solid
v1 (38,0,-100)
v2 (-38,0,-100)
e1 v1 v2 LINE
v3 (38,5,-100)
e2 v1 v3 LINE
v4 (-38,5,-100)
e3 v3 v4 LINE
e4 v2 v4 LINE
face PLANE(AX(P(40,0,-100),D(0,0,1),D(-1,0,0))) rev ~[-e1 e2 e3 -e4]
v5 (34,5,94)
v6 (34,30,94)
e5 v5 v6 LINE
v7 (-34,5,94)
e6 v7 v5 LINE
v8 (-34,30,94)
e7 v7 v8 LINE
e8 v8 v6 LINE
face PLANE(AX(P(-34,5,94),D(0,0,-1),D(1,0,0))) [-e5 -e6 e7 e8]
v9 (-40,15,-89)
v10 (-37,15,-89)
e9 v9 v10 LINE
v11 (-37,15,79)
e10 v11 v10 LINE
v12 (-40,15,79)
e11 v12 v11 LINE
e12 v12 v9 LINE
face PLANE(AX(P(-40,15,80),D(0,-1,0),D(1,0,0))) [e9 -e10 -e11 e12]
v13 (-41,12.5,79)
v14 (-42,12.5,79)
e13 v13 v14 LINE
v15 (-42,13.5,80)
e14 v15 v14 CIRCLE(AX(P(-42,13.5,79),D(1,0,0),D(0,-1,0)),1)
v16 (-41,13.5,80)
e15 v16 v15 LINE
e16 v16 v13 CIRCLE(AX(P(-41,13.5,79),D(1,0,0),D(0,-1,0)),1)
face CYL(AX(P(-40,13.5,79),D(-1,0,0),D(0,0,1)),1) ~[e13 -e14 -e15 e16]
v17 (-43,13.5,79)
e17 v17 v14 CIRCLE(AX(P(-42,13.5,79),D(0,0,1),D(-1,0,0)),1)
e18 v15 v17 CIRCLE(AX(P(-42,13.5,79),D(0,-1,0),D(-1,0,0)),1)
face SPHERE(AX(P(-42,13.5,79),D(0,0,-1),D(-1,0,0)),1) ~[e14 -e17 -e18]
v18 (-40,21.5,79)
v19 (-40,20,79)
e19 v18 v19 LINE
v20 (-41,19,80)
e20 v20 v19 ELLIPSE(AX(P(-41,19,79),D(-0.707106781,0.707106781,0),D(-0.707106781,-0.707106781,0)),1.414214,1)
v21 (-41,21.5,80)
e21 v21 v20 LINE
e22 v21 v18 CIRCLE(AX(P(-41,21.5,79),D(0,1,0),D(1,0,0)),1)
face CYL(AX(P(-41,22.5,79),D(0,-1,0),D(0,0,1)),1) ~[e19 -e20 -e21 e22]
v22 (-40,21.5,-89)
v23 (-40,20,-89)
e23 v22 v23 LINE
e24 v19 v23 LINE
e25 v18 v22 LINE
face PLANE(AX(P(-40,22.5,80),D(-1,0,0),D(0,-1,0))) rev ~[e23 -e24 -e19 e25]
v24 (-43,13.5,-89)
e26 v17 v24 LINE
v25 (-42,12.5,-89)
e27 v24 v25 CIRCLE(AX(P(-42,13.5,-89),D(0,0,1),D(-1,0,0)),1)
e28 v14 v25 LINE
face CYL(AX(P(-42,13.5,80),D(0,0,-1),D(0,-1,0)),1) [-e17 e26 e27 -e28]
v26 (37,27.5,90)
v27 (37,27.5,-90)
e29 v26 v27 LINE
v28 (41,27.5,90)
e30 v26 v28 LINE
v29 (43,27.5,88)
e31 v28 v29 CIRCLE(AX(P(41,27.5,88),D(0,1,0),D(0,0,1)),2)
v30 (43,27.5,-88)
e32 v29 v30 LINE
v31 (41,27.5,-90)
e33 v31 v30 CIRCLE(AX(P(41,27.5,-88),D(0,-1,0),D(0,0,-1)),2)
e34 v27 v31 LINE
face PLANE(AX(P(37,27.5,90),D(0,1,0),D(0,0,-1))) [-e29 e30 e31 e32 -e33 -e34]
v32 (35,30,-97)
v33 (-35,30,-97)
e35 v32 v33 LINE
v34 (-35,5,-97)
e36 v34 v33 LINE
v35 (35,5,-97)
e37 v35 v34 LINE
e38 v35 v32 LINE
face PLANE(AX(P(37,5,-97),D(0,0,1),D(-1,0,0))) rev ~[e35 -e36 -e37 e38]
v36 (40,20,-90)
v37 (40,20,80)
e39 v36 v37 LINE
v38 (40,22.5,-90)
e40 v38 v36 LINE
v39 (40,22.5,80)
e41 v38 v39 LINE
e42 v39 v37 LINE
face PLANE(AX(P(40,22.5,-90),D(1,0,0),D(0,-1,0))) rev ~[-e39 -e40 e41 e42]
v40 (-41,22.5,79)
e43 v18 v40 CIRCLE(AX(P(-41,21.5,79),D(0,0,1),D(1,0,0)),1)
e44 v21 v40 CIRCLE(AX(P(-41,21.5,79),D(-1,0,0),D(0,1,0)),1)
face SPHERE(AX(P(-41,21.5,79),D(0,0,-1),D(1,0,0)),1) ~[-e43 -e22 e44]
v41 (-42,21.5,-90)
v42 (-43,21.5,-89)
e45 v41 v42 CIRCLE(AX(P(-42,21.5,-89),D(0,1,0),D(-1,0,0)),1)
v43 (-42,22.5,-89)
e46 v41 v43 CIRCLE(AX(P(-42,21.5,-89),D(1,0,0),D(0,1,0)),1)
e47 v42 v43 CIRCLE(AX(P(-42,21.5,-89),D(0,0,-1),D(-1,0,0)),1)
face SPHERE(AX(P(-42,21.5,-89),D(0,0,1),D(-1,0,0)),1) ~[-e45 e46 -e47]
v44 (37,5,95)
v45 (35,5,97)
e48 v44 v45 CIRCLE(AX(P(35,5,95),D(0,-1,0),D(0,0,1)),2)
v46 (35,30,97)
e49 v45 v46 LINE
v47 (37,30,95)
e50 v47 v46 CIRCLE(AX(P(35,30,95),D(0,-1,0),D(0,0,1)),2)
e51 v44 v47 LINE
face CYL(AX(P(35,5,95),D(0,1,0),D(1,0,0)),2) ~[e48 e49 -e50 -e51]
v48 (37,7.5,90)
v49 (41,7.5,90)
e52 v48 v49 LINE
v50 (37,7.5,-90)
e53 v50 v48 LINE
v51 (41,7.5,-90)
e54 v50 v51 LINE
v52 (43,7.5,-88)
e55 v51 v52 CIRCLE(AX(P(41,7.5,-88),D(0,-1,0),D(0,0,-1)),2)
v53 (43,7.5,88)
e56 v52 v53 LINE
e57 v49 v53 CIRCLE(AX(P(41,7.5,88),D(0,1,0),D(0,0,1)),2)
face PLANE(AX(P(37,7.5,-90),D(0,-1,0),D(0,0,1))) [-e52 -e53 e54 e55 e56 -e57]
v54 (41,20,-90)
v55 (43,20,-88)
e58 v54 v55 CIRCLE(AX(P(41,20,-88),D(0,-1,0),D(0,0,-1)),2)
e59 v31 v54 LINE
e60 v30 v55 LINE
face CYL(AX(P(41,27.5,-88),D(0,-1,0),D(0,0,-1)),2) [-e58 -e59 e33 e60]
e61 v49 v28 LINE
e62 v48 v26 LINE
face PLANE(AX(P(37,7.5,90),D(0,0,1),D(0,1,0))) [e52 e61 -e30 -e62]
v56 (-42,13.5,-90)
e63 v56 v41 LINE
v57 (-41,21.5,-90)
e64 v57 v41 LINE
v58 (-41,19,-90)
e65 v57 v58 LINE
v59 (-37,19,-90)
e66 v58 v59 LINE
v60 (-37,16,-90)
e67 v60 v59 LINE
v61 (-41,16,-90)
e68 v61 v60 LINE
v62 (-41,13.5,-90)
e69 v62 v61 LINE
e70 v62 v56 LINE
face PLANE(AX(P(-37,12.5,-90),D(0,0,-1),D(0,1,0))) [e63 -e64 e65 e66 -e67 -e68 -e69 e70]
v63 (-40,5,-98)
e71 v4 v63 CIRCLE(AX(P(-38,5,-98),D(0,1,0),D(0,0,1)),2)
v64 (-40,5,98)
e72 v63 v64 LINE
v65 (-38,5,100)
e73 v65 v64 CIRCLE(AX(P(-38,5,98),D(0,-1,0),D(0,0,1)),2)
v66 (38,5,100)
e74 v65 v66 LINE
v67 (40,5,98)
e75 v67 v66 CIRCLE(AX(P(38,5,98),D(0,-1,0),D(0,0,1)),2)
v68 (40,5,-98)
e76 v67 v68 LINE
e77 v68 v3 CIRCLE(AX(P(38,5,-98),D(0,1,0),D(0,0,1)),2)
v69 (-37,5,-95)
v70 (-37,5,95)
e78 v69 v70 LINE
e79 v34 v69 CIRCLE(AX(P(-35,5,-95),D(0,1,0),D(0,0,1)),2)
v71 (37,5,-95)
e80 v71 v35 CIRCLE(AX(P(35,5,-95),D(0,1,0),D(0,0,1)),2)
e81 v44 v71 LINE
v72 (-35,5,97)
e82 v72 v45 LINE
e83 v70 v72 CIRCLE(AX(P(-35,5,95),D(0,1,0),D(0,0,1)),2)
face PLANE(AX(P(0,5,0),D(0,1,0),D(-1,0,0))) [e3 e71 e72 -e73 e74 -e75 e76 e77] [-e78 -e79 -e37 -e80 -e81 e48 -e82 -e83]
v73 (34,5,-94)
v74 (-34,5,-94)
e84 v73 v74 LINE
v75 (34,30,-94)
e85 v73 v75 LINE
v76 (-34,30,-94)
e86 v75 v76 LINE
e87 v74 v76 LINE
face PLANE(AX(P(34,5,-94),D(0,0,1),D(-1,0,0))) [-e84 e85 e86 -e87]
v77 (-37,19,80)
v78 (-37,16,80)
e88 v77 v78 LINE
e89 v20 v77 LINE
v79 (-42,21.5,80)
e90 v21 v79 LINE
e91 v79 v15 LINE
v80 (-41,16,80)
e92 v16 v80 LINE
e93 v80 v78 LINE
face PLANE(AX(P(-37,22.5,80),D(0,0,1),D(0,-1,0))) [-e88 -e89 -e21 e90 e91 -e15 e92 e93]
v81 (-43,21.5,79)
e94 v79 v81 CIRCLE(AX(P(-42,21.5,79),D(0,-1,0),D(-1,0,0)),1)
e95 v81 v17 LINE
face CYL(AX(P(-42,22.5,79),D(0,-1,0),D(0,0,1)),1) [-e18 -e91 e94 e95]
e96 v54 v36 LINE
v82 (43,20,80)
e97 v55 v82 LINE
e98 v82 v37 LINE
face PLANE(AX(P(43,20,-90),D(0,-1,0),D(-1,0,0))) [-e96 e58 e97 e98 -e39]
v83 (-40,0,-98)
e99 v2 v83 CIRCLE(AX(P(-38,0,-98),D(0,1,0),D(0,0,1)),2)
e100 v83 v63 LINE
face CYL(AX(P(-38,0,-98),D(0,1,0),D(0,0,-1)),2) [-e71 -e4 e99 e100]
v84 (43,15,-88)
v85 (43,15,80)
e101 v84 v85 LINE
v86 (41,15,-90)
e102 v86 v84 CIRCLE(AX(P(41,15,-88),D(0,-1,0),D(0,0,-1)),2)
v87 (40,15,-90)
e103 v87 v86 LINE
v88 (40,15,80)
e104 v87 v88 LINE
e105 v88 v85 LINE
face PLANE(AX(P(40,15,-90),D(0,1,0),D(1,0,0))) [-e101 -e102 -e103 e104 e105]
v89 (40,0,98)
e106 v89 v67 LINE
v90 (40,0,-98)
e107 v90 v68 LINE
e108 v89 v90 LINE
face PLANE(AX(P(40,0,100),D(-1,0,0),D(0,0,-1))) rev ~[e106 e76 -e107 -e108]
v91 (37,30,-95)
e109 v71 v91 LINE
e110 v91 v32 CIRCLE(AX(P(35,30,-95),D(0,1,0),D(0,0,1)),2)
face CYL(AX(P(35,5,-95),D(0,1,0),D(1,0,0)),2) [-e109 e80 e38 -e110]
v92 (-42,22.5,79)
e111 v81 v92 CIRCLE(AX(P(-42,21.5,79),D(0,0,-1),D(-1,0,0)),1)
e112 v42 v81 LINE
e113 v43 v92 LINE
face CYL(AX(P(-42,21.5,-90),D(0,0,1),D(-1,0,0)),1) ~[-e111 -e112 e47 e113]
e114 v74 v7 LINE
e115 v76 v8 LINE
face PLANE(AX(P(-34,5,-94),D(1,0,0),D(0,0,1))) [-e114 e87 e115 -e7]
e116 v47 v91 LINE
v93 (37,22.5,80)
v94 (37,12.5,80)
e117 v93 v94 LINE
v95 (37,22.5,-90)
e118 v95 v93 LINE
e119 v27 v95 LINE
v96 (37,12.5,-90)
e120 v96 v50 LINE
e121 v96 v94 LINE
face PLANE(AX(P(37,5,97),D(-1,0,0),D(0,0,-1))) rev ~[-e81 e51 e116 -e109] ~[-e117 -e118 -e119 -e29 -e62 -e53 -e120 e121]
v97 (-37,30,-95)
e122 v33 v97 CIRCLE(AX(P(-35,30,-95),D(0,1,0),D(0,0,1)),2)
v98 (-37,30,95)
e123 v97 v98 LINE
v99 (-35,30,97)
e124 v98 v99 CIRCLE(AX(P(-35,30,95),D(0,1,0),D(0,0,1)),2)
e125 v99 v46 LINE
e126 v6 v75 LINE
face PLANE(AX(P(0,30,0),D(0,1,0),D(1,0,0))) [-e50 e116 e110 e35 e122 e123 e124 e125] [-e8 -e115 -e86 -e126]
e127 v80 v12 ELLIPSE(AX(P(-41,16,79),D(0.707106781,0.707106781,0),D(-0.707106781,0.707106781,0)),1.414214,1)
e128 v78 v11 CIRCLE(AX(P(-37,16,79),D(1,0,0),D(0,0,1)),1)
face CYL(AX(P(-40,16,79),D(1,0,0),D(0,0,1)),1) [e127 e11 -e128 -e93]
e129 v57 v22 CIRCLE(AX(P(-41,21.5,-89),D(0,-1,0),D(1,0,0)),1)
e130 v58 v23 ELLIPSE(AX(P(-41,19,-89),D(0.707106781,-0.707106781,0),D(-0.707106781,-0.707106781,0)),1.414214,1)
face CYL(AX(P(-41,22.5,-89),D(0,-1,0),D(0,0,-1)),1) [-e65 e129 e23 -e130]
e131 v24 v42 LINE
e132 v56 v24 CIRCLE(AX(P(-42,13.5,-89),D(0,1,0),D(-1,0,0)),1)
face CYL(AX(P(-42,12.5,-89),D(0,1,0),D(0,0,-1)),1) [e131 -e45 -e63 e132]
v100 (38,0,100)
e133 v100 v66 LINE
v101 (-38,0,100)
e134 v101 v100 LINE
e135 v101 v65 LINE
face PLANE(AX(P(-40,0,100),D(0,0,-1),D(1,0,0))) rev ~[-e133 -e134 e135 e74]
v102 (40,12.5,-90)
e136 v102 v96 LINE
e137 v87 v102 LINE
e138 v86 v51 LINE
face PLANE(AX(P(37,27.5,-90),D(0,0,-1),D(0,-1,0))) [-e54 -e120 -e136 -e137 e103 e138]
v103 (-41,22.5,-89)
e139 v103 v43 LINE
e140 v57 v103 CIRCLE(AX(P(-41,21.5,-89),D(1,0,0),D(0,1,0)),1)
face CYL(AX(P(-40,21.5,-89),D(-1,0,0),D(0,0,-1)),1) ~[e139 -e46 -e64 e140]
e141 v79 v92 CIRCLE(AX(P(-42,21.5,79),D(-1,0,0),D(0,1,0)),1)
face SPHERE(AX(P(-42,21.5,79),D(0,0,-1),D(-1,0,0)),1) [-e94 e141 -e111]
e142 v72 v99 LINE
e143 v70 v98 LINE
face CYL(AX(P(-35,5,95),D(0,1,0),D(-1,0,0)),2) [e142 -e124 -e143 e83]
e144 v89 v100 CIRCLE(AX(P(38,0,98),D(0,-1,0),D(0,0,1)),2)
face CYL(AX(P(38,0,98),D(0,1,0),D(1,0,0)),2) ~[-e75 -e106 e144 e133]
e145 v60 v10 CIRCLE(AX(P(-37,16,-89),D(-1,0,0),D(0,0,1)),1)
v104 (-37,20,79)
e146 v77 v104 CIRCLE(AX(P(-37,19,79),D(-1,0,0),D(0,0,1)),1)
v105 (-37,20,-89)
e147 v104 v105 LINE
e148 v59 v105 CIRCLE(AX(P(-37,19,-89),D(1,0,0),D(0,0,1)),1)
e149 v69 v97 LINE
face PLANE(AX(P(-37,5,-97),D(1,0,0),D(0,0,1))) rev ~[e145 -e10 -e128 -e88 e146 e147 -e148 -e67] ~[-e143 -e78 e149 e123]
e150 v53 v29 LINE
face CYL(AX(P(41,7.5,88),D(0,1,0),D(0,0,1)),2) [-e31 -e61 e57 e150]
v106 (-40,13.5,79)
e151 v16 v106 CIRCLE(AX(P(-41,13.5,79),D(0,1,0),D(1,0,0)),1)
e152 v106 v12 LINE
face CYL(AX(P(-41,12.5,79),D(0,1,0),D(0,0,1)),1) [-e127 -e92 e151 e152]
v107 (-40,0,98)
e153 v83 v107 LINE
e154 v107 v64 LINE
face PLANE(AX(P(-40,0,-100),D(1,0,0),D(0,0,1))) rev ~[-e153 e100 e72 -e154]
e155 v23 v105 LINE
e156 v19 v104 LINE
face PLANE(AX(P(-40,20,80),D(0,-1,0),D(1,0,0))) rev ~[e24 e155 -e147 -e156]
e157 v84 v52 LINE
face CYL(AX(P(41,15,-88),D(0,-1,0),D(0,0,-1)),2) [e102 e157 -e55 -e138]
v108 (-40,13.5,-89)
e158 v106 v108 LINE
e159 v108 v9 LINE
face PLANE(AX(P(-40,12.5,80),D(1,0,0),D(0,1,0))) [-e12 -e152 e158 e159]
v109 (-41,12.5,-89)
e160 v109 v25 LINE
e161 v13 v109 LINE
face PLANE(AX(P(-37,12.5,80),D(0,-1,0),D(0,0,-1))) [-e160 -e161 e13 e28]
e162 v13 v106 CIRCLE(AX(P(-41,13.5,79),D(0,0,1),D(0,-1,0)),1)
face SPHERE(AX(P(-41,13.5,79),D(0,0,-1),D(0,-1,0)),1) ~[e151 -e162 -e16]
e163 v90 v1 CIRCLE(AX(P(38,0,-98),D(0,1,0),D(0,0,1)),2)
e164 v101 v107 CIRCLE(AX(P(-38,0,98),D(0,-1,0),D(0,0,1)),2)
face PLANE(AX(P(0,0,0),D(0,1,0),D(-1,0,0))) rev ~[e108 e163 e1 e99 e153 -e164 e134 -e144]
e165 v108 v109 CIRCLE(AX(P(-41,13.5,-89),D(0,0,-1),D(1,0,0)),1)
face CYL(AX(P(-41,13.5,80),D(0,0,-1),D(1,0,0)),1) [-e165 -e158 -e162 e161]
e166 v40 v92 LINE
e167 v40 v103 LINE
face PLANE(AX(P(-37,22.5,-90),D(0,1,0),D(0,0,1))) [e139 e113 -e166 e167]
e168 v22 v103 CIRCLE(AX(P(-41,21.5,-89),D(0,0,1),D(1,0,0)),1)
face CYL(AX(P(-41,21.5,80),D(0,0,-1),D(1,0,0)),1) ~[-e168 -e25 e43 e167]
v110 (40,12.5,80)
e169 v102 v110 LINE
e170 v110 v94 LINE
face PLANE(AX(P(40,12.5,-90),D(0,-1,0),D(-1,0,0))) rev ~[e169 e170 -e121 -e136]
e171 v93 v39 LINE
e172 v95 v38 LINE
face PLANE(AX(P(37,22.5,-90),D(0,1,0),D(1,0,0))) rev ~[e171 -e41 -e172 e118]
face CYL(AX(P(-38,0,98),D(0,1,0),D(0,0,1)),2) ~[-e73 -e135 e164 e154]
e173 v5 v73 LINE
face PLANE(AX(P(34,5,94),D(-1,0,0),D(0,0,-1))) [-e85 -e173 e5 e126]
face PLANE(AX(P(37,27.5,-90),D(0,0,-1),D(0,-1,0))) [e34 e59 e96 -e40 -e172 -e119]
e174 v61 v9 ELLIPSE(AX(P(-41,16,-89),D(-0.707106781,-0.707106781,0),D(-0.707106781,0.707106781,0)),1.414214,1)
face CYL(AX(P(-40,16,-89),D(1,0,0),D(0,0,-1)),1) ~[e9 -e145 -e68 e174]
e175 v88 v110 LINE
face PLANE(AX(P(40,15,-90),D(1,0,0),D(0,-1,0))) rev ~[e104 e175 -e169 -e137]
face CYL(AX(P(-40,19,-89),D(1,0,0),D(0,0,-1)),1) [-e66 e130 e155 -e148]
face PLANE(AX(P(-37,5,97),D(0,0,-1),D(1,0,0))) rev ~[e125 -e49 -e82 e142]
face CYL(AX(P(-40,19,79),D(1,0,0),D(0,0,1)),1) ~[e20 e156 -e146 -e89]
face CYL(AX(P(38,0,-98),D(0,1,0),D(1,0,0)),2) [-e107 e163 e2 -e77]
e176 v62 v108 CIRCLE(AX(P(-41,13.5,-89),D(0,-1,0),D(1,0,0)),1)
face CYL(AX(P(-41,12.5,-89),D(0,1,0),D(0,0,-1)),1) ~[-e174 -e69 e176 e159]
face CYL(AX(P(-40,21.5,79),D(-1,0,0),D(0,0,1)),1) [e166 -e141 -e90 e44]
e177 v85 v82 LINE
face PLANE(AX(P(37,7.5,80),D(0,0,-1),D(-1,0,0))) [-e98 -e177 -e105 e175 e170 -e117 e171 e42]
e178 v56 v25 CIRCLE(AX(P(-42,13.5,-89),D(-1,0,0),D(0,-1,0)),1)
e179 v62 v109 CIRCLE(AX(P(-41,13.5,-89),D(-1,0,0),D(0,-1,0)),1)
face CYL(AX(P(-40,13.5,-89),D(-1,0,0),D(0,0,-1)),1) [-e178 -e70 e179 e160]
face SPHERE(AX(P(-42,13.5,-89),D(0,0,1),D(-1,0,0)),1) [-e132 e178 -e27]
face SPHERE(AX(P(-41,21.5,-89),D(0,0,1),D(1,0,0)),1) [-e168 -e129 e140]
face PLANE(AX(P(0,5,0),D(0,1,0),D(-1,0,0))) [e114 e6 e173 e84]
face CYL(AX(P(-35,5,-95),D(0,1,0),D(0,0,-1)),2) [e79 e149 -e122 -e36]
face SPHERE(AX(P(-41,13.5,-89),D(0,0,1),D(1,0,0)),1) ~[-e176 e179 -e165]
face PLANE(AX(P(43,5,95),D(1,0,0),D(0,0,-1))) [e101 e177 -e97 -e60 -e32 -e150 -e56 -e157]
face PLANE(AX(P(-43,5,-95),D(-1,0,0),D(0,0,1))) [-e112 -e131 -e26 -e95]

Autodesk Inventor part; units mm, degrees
ref_plane "YZ Plane" through (0, 0, 0) normal (1, 0, 0) x (0, 1, 0)
ref_plane "XZ Plane" through (0, 0, 0) normal (0, 1, 0) x (-1, 0, 0)
ref_plane "XY Plane" through (0, 0, 0) normal (0, 0, 1) x (1, 0, 0)
sketch "Sketch1" plane through (0, 0, 0) normal (0, 1, 0) x (-1, 0, 0)
  line L0 (-40, -100) -> (40, -100)
  line L1 (40, -100) -> (40, 100)
  line L2 (40, 100) -> (-40, 100)
  line L3 (-40, 100) -> (-40, -100)
  line L4 (-40, -100) -> (40, 100) construction
  line L5 (40, -100) -> (-40, 100) construction
  point P0 (0, 0)
  dimension "d0" = 80
  dimension "d1" = 200
extrude "Extrusion1" add sketch "Sketch1" along normal blind 5
sketch "Sketch2" plane through (0, 5, 0) normal (0, 1, 0) x (1, 0, 0)
  line L0 (-40, 100) -> (-40, -100) projected
  line L1 (-40, -100) -> (40, -100) projected
  line L2 (40, -100) -> (40, 100) projected
  line L3 (40, 100) -> (-40, 100) projected
  line L4 (37, 97) -> (-37, 97)
  line L5 (-37, 97) -> (-37, -97)
  line L6 (-37, -97) -> (37, -97)
  line L7 (37, -97) -> (37, 97)
  line L8 (37, 97) -> (-37, -97) construction
  line L9 (-37, 97) -> (37, -97) construction
  line L10 (34, 94) -> (-34, 94)
  line L11 (-34, 94) -> (-34, -94)
  line L12 (-34, -94) -> (34, -94)
  line L13 (34, -94) -> (34, 94)
  line L14 (34, 94) -> (-34, -94) construction
  line L15 (-34, 94) -> (34, -94) construction
  point P0 (0, 0)
  dimension "d4" = 3
  dimension "d5" = 3
  dimension "d6" = 3
  dimension "d7" = 3
extrude "Extrusion2" add sketch "Sketch2" along normal blind 25 contours L7 L6 L5 L4
fillet "Fillet1" radius 2 4 edges at (-37, 17.5, 97) (37, 17.5, 97) (37, 17.5, -97) (-37, 17.5, -97)
fillet "Fillet2" radius 2 4 edges at (-40, 2.5, 100) (40, 2.5, 100) (40, 2.5, -100) (-40, 2.5, -100)
sketch "Sketch3" plane through (37, 5, 95) normal (1, 0, 0) x (0, 0, -1)
  line L0 (190, 25) -> (190, 0) projected
  line L1 (0, 25) -> (190, 25) projected
  line L2 (0, 0) -> (0, 25) projected
  line L3 (190, 0) -> (0, 0) projected
  line L4 (5, 22.5) -> (185, 22.5)
  line L5 (185, 22.5) -> (185, 2.5)
  line L6 (185, 2.5) -> (5, 2.5)
  line L7 (5, 2.5) -> (5, 22.5)
  line L8 (-2, 25) -> (-2, 0) projected
  line L9 (192, 0) -> (192, 25) projected
  line L10 (195, -5) -> (195, 0) projected
  line L11 (-5, 0) -> (-5, -5) projected
  point P0 (95, -5)
  point P1 (185, 12.5)
  point P2 (-2, 12.5)
  dimension "d33" = 20
  dimension "d34" = 10
  dimension "d35" = 10
  dimension "d36" = 10
extrude "Extrusion3" add sketch "Sketch3" along normal blind 6 contours L4 L5 L6 L7
sketch "Sketch4" plane through (37, 7.5, -90) normal (0, 0, -1) x (-1, 0, 0)
  line L0 (0, 20) -> (0, 0) projected
  line L1 (0, 20) -> (-6, 20) projected
  line L2 (-6, 0) -> (-6, 20) projected
  line L3 (0, 0) -> (-6, 0) projected
  line L4 (-6, 0) -> (-6, 20) projected
  line L5 (-6, 12.5) -> (-3, 12.5)
  line L6 (-3, 12.5) -> (-3, 7.5)
  line L7 (-3, 7.5) -> (-6, 7.5)
  line L8 (-6, 7.5) -> (-6, 12.5)
  line L9 (0, -2.5) -> (0, 22.5) projected
  line L10 (0, 15) -> (-3, 15)
  line L11 (-3, 15) -> (-3, 5)
  line L12 (-3, 5) -> (0, 5)
  line L13 (0, 5) -> (0, 15)
  point P0 (37, -7.5)
  point P1 (-4.5, 12.5)
  point P2 (-6, 7.5)
  point P3 (-3, 7.5)
  point P4 (0, 5)
  point P5 (-3, 12.5)
  point P6 (-1.5, 5)
  dimension "d19" = 3
  dimension "d22" = 5
  dimension "d23" = 5
  dimension "d37" = 2.5
  dimension "d38" = 2.5
extrude "Extrusion4" cut sketch "Sketch4" against normal blind 170 contours L0 L12 L11 L6 L10 | L5 L6 L7 L2
fillet "Fillet3" radius 2 3 edges at (43, 17.5, 90) (43, 11.25, -90) (43, 23.75, -90)
sketch "Sketch5" plane through (-37, 5, -95) normal (-1, 0, 0) x (0, 0, 1)
  line L0 (0, 25) -> (190, 25) projected
  line L1 (-2, 25) -> (-2, 0) projected
  line L2 (192, 0) -> (192, 25) projected
  line L3 (5, 17.5) -> (175, 17.5)
  line L4 (175, 17.5) -> (175, 7.5)
  line L5 (175, 7.5) -> (5, 7.5)
  line L6 (5, 7.5) -> (5, 17.5)
  line L7 (-5, 0) -> (-5, -5) projected
  line L8 (195, -5) -> (195, 0) projected
  point P0 (95, -5)
  point P1 (192, 12.5)
  dimension "d28" = 10
  dimension "d39" = 10
  dimension "d40" = 20
  dimension "d41" = 5
extrude "Extrusion5" add sketch "Sketch5" along normal blind 6
sketch "Sketch6" plane through (-37, 12.5, 80) normal (0, 0, 1) x (1, 0, 0)
  line L0 (0, 10) -> (0, 0) projected
  line L1 (0, 10) -> (-6, 10) projected
  line L2 (-6, 0) -> (-6, 10) projected
  line L3 (0, 0) -> (-6, 0) projected
  line L4 (0, 10) -> (-3, 10)
  line L5 (-3, 10) -> (-3, 7.5)
  line L6 (-3, 7.5) -> (0, 7.5)
  line L7 (0, 7.5) -> (0, 10)
  line L8 (0, 0) -> (-3, 0)
  line L9 (-3, 0) -> (-3, 2.5)
  line L10 (-3, 2.5) -> (0, 2.5)
  line L11 (0, 2.5) -> (0, 0)
  point P0 (37, -12.5)
  point P1 (0, 2.5)
  point P2 (-3, 0)
  point P3 (0, 7.5)
  point P4 (-3, 10)
  dimension "d44" = 3
  dimension "d45" = 2.5
  dimension "d46" = 3
  dimension "d47" = 2.5
extrude "Extrusion6" cut sketch "Sketch6" against normal up to surface (170 mm away) contours L0 L6 L5 L1 | L0 L3 L9 L10
fillet "Fillet4" radius 1 18 edges at (-43, 22.5, -5) (-40, 22.5, -5) (-43, 12.5, -5) (-40, 12.5, -5) (-43, 17.5, 80) (-40, 21.25, 80) (-41.5, 22.5, 80) (-41.5, 12.5, 80) (-40, 13.75, 80) (-40, 13.75, -90) (-43, 17.5, -90) (-40, 21.25, -90) (-41.5, 22.5, -90) (-41.5, 12.5, -90) (-38.5, 20, -90) (-38.5, 15, -90) (-38.5, 15, 80) (-38.5, 20, 80)
properties part number "module_command"
